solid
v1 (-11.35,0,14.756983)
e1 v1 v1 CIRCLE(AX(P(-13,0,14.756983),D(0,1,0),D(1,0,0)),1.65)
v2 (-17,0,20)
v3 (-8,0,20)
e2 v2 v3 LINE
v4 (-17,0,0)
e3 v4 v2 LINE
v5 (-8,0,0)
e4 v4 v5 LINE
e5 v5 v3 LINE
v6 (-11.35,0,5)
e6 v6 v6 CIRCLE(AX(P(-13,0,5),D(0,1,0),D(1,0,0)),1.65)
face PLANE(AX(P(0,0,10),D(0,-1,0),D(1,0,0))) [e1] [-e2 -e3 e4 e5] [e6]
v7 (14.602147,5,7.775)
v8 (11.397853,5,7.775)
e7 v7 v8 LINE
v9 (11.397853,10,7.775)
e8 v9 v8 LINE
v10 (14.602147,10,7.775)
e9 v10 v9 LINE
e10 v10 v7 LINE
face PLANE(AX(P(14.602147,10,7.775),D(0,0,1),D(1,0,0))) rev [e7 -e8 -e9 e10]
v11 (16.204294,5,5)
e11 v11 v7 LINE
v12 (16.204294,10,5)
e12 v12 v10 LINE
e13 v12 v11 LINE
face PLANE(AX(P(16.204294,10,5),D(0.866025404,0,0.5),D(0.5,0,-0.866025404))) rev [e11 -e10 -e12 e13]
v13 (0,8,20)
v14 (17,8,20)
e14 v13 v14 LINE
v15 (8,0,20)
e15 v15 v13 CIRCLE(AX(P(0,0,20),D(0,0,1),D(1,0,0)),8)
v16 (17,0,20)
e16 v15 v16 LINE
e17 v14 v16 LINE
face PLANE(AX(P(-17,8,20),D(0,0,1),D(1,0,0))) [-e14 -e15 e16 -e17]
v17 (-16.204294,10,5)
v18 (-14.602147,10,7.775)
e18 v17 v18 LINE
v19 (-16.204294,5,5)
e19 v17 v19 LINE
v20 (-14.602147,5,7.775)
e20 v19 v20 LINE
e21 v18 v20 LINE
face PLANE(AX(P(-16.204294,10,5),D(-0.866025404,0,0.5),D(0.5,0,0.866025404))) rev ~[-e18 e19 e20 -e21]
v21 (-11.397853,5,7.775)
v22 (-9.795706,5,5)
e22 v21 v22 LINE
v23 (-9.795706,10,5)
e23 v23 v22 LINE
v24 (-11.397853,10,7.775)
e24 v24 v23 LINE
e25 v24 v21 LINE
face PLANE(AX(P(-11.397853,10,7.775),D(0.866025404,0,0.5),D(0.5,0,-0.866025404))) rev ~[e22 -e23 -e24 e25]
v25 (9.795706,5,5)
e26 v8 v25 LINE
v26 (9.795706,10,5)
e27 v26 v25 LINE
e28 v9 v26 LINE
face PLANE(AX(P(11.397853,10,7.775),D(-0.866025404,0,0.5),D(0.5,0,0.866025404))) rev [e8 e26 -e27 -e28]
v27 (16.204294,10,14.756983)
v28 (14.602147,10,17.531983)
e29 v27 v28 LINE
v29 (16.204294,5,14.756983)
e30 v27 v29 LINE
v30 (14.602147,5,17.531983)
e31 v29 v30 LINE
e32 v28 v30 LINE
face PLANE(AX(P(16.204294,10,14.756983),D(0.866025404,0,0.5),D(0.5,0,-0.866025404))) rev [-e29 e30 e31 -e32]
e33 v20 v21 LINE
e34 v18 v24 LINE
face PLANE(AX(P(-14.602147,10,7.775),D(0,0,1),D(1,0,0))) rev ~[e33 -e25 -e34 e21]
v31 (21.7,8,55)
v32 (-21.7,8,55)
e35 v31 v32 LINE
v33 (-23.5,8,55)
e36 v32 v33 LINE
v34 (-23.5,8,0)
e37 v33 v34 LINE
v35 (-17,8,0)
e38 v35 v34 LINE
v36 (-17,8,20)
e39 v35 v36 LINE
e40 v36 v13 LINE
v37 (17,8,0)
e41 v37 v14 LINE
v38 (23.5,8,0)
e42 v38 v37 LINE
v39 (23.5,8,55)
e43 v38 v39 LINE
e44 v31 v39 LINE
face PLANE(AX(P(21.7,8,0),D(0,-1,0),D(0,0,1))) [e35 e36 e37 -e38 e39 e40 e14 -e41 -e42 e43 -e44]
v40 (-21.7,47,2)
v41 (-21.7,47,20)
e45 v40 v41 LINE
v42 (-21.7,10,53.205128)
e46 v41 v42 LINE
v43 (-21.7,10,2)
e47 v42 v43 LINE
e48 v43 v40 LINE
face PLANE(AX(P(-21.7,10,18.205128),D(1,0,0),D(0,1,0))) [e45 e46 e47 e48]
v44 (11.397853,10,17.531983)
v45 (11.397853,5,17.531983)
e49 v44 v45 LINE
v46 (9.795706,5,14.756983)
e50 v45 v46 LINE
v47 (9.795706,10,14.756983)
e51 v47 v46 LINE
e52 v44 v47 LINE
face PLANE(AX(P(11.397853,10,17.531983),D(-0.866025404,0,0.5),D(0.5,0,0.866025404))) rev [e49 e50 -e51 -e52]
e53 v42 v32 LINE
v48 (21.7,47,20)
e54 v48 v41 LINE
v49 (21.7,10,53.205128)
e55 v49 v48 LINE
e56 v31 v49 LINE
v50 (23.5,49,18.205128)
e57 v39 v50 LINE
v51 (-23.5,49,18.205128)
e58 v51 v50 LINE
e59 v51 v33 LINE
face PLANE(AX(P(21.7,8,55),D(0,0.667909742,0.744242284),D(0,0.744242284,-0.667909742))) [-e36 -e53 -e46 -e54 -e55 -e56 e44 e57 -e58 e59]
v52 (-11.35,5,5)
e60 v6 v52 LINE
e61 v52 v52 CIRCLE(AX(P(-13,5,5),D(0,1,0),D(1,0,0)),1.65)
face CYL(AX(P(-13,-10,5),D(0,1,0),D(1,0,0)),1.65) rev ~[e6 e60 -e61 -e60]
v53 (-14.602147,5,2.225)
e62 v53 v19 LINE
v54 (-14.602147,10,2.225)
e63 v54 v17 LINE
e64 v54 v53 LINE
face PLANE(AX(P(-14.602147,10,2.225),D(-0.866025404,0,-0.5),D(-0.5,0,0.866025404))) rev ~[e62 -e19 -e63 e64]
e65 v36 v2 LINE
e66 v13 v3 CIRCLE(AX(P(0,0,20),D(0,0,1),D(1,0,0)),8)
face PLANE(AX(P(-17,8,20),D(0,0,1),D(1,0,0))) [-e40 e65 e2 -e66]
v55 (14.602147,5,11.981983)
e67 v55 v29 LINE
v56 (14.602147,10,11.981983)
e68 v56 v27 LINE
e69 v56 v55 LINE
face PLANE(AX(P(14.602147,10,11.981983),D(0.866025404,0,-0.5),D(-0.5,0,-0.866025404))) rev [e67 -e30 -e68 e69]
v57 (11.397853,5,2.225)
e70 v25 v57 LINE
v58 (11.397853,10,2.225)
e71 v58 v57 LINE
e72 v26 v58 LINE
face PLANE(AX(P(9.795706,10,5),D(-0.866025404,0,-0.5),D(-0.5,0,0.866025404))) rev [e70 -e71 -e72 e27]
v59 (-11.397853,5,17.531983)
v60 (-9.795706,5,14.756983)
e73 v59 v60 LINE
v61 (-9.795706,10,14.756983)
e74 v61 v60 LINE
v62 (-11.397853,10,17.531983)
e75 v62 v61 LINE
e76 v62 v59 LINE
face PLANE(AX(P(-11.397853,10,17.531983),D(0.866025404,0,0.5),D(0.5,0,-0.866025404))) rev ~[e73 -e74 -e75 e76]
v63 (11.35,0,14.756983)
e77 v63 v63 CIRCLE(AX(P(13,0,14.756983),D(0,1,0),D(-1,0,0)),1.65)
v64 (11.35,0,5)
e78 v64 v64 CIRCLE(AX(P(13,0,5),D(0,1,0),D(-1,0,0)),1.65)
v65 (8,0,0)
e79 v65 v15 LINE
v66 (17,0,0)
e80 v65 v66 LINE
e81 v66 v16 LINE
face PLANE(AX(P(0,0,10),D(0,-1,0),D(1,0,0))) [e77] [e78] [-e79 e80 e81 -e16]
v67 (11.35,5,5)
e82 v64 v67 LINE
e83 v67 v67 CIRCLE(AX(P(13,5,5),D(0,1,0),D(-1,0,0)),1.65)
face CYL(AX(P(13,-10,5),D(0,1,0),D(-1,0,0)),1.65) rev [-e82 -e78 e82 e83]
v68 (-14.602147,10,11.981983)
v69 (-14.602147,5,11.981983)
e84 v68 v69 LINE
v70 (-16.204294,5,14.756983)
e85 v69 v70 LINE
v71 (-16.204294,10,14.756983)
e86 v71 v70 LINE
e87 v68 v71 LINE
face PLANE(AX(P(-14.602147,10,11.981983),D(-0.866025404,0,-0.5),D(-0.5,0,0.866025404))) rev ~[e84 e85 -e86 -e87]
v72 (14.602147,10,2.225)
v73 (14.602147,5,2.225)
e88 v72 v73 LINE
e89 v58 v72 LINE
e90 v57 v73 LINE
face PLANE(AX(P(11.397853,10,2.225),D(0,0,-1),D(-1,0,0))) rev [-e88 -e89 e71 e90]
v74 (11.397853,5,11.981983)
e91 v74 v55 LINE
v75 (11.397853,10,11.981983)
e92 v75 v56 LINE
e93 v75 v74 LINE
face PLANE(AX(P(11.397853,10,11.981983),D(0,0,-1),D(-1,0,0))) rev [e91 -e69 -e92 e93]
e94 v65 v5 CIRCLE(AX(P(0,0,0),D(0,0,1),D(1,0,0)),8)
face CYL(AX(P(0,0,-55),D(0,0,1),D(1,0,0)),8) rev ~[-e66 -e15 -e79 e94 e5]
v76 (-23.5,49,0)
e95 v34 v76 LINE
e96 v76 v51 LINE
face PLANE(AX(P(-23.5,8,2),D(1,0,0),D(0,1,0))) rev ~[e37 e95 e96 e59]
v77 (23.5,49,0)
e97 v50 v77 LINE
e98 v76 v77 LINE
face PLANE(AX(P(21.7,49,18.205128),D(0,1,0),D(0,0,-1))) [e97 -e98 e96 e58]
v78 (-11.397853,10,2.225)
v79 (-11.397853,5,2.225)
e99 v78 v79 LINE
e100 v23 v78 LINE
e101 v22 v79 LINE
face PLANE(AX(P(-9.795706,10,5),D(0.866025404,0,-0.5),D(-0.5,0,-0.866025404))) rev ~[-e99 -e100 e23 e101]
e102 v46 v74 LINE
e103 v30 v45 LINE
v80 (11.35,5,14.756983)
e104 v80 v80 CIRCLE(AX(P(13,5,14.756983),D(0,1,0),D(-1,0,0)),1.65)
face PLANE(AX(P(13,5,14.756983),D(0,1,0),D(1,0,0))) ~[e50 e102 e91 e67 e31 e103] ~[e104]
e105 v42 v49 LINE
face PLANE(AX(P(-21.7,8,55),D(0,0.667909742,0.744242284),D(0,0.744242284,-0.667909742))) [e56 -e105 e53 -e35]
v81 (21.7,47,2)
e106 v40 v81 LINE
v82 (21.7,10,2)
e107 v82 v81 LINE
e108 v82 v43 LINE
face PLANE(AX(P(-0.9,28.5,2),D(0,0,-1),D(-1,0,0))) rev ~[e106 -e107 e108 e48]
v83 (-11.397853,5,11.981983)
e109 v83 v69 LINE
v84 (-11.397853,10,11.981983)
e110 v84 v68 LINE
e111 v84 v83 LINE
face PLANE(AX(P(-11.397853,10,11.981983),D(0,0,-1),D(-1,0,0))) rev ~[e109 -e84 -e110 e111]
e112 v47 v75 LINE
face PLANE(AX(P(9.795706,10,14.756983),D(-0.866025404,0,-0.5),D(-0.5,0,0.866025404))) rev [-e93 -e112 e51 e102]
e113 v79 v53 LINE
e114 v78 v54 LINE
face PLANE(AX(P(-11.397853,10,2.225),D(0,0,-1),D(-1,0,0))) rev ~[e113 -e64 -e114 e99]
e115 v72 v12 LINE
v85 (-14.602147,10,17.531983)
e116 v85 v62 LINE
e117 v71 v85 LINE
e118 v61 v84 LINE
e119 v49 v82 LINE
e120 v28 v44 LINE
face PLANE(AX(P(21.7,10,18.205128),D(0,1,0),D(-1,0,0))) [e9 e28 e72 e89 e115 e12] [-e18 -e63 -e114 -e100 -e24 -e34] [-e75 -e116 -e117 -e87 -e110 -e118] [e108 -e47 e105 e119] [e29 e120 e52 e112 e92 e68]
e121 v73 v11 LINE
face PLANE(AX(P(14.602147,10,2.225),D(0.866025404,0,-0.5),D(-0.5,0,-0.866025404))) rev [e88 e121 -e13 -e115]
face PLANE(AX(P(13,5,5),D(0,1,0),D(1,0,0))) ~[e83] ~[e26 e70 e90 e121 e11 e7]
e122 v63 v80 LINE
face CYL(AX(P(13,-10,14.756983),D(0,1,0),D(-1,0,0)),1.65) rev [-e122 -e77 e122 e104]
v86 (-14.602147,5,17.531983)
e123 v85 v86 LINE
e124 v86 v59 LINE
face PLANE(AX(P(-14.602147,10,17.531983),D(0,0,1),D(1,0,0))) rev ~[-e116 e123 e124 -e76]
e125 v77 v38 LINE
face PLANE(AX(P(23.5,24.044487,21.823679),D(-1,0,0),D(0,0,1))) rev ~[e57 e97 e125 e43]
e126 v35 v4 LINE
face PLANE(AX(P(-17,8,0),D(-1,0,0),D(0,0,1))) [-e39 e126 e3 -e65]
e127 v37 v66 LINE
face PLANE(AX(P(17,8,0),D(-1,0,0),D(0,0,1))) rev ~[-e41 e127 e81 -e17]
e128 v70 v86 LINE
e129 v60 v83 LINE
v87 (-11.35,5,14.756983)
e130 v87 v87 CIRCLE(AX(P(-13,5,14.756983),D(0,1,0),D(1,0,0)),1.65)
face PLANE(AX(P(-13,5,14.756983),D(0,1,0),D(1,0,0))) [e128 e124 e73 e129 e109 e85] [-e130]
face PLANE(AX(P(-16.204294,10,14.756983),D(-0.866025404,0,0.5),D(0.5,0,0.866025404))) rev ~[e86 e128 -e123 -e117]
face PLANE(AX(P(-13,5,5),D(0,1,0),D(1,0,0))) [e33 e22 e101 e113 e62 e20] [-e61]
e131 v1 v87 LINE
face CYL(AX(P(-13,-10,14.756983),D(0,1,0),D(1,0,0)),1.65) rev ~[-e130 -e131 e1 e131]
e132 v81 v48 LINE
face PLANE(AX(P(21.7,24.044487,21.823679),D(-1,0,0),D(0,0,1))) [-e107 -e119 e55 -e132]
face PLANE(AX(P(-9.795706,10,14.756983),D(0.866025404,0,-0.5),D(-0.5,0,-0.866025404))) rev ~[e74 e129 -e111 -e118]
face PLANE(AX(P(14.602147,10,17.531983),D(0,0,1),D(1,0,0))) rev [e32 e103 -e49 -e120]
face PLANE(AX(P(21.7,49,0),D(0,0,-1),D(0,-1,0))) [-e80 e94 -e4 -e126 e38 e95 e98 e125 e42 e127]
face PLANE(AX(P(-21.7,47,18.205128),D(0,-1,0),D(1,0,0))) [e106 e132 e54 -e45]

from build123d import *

# Parameters (mm, degrees)
EXTRUDE_1_DEPTH             = 43.4
EXTRUDE_2_DEPTH             = 1.8
CUT_EXTRUDE_1_DEPTH         = 43.4
EXTRUDE_3_DEPTH             = 43.4
EXTRUDE_4_DEPTH             = 16.205128205
SKETCH_6_W                  = 45.2
SKETCH_6_H                  = 41
EXTRUDE_5_DEPTH             = 2
SKETCH_7_W                  = 34
SKETCH_7_H                  = 20
EXTRUDE_6_DEPTH             = 8
EXTRUDE_7_DEPTH             = 1.8
HOLE_WIZARD_3_3_3_3_2_D     = 3.3
HOLE_WIZARD_3_3_3_3_2_DEPTH = 10
HOLE_WIZARD_16_0_16_1_D     = 16
HOLE_WIZARD_16_0_16_1_DEPTH = 55
SKETCH_19_R                 = 1.65
CUT_EXTRUDE_6_DEPTH         = 5


with BuildPart() as part:
    # 草图1 → 凸台-拉伸1 (new body)
    with BuildSketch(Plane(origin=(21.7, 0, 0), x_dir=(0, 0, -1), z_dir=(1, 0, 0))):
        Polygon((-18.205128205, 8), (-18.205128205, 49), (-55, 8), align=None)
    extrude(amount=-EXTRUDE_1_DEPTH)

    # 草图2 → 凸台-拉伸2 (add)
    with BuildSketch(Plane.ZY.offset(21.7)):
        Polygon((18.205128205, 8), (18.205128205, 49), (55, 8), align=None)
    extrude(amount=EXTRUDE_2_DEPTH)

    # 草图3 → 切除-拉伸1 (cut)
    with BuildSketch(Plane(origin=(21.7, 0, 0), x_dir=(0, 0, -1), z_dir=(1, 0, 0))):
        Polygon((-18.205128205, 8), (-18.205128205, 47), (-20, 47), (-55, 8), align=None)
    extrude(amount=-CUT_EXTRUDE_1_DEPTH, mode=Mode.SUBTRACT)

    # 草图4 → 凸台-拉伸3 (add)
    with BuildSketch(Plane(origin=(-21.7, 0, 0), x_dir=(0, 0, -1), z_dir=(1, 0, 0))):
        Polygon((-18.205128205, 10), (-18.205128205, 8), (-55, 8), (-53.205128205, 10), align=None)
    extrude(amount=EXTRUDE_3_DEPTH)

    # 草图5 → 凸台-拉伸4 (add)
    with BuildSketch(Plane(origin=(0, 0, 18.205128205), x_dir=(-1, 0, 0), z_dir=(0, 0, -1))):
        Polygon((21.7, 10), (21.7, 47), (-21.7, 47), (-21.7, 49), (23.5, 49), (23.5, 8), (-21.7, 8), (-21.7, 10), align=None)
    extrude(amount=EXTRUDE_4_DEPTH)

    # 草图6 → 凸台-拉伸5 (add)
    with BuildSketch(Plane(origin=(0, 0, 2), x_dir=(-1, 0, 0), z_dir=(0, 0, -1))):
        with Locations((0.9, 28.5)):
            Rectangle(SKETCH_6_W, SKETCH_6_H)
    extrude(amount=EXTRUDE_5_DEPTH)

    # 草图7 → 凸台-拉伸6 (add)
    with BuildSketch(Plane.XZ.offset(-8)):
        with Locations((0, 10)):
            Rectangle(SKETCH_7_W, SKETCH_7_H)
    extrude(amount=EXTRUDE_6_DEPTH)

    # 草图10 → 凸台-拉伸7 (add)
    with BuildSketch(Plane(origin=(21.7, 0, 0), x_dir=(0, 0, -1), z_dir=(1, 0, 0))):
        Polygon((0, 49), (0, 8), (-55, 8), (-18.205128205, 49), align=None)
    extrude(amount=EXTRUDE_7_DEPTH)

    # Ø3.3 (3.3) 直径孔2
    with Locations(Plane(origin=(0, 0, 0), x_dir=(-1, 0, 0), z_dir=(0, -1, 0))):
        with Locations((13, -5), (13, -14.75698348)):
            hole_wizard_3_3_3_3_2 = Hole(HOLE_WIZARD_3_3_3_3_2_D / 2, depth=HOLE_WIZARD_3_3_3_3_2_DEPTH)

    # Ø16.0 (16) 直径孔1
    with Locations(Plane(origin=(0, 0, 0), x_dir=(-1, 0, 0), z_dir=(0, 0, -1))):
        with Locations((0, 0)):
            Hole(HOLE_WIZARD_16_0_16_1_D / 2, depth=HOLE_WIZARD_16_0_16_1_DEPTH)

    # 草图19 → 切除-拉伸6 (cut)
    # profile 1 of 2: a face of its own
    with BuildSketch(Plane(origin=(0, 10, 0), x_dir=(1, 0, 0), z_dir=(0, 1, 0))):
        Polygon((-9.795706006, -14.75698348), (-11.397853003, -11.98198348), (-14.602146997, -11.98198348), (-16.204293994, -14.75698348), (-14.602146997, -17.53198348), (-11.397853003, -17.53198348), align=None)
        with Locations(Location((-13, -14.75698348, 0), (0, 0, 90))):
            Circle(SKETCH_19_R, mode=Mode.SUBTRACT)
    # profile 2 of 2: a face of its own
    with BuildSketch(Plane(origin=(0, 10, 0), x_dir=(1, 0, 0), z_dir=(0, 1, 0))):
        Polygon((-9.795706006, -5), (-11.397853003, -2.225), (-14.602146997, -2.225), (-16.204293994, -5), (-14.602146997, -7.775), (-11.397853003, -7.775), align=None)
        with Locations(Location((-13, -5, 0), (0, 0, 90))):
            Circle(SKETCH_19_R, mode=Mode.SUBTRACT)
    cut_extrude_6 = extrude(amount=-CUT_EXTRUDE_6_DEPTH, mode=Mode.SUBTRACT)

    # 镜向1: Ø3.3 (3.3) 直径孔2, 切除-拉伸6 across plane
    add(hole_wizard_3_3_3_3_2.mirror(Plane.ZY), mode=Mode.SUBTRACT)
    add(cut_extrude_6.mirror(Plane.ZY), mode=Mode.SUBTRACT)


solid = part.part
